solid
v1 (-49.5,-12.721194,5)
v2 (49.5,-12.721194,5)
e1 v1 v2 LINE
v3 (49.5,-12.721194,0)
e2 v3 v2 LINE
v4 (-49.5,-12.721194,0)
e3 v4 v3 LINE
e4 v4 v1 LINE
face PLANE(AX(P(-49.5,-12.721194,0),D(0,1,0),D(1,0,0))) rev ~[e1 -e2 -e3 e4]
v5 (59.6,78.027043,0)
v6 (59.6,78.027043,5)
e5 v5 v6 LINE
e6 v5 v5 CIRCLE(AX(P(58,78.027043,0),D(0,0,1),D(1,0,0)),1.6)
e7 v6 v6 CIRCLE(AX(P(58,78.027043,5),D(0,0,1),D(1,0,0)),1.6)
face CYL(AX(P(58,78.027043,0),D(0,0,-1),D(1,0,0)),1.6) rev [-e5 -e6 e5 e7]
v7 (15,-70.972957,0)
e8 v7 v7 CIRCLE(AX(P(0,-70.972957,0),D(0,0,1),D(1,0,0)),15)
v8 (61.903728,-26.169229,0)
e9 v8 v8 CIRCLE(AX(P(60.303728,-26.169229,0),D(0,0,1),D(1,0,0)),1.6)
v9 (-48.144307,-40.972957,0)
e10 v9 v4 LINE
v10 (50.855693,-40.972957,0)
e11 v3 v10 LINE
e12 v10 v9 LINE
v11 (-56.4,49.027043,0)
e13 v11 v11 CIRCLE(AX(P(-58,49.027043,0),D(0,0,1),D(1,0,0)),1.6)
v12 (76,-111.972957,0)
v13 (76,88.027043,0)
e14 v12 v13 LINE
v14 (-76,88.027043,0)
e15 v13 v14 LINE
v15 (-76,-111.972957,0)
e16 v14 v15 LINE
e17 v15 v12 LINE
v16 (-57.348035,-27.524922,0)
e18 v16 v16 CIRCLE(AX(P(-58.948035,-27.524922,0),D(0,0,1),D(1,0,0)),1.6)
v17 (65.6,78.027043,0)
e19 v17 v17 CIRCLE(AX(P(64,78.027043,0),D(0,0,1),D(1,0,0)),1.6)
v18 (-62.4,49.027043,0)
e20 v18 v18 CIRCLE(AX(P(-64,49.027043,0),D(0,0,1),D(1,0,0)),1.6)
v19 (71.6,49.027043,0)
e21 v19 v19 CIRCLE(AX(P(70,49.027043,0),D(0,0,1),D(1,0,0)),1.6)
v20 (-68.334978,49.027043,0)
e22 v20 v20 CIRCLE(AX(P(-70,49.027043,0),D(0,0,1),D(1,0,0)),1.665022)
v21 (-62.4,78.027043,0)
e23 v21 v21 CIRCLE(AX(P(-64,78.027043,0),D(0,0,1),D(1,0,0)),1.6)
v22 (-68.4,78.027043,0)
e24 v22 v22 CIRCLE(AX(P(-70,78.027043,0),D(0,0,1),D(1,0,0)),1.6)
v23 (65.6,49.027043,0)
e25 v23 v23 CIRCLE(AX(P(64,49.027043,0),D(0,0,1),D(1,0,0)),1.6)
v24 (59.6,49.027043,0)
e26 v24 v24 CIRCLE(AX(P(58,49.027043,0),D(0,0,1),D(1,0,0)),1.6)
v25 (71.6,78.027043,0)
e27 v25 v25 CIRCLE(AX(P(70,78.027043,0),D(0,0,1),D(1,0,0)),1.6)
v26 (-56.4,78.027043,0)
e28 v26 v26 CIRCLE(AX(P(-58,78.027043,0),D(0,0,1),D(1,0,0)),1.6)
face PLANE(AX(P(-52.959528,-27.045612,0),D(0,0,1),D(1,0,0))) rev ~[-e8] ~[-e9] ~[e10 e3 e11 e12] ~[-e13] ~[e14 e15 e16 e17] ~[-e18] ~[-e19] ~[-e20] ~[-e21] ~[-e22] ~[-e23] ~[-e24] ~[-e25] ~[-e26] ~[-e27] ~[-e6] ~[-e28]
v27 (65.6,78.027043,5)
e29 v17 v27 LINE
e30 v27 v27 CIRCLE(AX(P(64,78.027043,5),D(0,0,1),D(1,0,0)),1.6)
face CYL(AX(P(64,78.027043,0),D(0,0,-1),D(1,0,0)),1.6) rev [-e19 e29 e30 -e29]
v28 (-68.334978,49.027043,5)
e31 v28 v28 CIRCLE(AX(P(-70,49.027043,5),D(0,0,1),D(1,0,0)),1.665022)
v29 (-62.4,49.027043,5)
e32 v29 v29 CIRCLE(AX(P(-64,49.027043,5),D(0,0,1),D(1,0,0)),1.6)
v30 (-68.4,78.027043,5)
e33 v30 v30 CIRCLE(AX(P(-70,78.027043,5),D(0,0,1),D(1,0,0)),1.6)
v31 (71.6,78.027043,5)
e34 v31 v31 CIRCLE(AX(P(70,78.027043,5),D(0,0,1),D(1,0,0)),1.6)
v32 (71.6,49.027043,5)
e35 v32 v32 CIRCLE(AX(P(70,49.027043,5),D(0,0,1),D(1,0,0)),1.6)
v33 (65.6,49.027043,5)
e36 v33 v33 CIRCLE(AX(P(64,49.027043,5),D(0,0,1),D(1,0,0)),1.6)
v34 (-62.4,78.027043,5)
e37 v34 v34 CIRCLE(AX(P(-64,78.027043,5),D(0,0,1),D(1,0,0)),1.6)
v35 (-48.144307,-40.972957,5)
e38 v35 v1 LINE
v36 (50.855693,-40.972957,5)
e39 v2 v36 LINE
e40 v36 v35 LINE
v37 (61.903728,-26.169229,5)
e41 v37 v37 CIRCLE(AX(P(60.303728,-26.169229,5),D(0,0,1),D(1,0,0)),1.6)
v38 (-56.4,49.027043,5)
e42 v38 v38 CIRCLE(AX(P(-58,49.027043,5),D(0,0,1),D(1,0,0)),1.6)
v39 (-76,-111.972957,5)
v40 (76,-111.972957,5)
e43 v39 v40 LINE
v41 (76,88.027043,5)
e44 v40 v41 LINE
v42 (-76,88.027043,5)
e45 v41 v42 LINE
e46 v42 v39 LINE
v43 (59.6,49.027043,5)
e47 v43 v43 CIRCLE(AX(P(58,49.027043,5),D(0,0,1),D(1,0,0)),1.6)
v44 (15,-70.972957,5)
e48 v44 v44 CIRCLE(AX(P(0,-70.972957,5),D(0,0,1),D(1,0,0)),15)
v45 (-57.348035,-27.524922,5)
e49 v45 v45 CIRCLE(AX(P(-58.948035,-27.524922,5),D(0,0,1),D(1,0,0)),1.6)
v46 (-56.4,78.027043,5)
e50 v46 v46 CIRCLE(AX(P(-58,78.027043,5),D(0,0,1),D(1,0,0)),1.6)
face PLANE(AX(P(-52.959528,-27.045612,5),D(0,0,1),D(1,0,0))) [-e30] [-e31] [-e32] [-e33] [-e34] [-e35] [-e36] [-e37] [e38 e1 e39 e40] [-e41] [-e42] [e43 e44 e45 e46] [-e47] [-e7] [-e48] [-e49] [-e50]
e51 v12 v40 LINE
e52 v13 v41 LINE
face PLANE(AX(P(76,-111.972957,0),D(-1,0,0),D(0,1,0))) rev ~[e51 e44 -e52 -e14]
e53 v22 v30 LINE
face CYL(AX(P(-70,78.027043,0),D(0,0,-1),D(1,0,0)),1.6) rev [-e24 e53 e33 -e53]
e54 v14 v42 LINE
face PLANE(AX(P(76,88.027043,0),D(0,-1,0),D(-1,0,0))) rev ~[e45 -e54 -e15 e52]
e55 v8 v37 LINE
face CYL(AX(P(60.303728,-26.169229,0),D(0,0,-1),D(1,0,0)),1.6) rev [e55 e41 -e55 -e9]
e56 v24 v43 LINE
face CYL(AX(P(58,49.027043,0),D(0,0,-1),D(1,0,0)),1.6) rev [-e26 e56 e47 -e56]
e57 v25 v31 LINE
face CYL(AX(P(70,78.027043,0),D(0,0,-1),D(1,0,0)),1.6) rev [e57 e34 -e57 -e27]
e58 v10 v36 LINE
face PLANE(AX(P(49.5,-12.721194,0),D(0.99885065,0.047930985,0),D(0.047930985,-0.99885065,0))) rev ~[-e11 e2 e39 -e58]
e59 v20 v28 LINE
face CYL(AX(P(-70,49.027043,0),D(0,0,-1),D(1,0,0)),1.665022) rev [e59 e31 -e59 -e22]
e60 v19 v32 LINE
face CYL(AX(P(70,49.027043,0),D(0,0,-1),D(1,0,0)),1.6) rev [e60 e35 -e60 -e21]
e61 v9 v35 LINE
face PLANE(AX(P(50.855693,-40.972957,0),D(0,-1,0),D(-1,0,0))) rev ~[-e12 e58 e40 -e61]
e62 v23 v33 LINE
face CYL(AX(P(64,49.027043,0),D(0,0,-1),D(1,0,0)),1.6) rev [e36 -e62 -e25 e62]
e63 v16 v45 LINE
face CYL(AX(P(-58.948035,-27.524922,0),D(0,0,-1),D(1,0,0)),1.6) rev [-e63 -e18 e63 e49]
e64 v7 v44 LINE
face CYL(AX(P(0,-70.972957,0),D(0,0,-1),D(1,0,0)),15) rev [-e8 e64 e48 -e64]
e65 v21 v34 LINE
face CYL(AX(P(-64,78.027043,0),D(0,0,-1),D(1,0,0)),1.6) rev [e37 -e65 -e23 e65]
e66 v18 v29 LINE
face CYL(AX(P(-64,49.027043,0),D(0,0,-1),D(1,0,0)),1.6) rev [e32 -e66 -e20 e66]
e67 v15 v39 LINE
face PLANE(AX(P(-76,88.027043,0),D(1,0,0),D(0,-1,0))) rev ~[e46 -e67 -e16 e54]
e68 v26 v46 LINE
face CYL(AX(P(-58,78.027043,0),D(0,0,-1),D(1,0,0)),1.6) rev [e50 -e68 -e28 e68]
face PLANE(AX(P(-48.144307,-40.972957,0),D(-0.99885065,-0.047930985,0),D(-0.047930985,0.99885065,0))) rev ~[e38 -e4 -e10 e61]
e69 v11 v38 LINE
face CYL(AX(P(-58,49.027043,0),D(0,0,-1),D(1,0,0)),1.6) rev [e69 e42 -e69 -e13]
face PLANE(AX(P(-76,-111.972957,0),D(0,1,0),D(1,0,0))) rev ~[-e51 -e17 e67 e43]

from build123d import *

# Parameters (mm, degrees)
F0_R     = 15
F0_R_2   = 1.665022
F0_R_3   = 1.6
F1_DEPTH = 5
F2_DEPTH = 5


with BuildPart() as f1:
    # F0 (on Top) → F1 (new body)
    with BuildSketch(Plane.XY):
        Polygon((0, 88.027043), (-76, 88.027043), (-76, -111.972957), (76, -111.972957), (76, 88.027043), align=None)
        with Locations((0, -70.972957)):
            Circle(F0_R, mode=Mode.SUBTRACT)
        Polygon((-62.948035, -27.524922), (-49.5, -12.721194), (49.5, -12.721194), (64.303728, -26.169229), (50.855693, -40.972957), (-48.144307, -40.972957), align=None, mode=Mode.SUBTRACT)
        with Locations((-70, 49.027043)):
            Circle(F0_R_2, mode=Mode.SUBTRACT)
        with Locations((-64, 49.027043)):
            Circle(F0_R_3, mode=Mode.SUBTRACT)
        with Locations((-58, 49.027043)):
            Circle(F0_R_3, mode=Mode.SUBTRACT)
        with Locations((-70, 78.027043)):
            Circle(F0_R_3, mode=Mode.SUBTRACT)
        with Locations((-64, 78.027043)):
            Circle(F0_R_3, mode=Mode.SUBTRACT)
        with Locations((-58, 78.027043)):
            Circle(F0_R_3, mode=Mode.SUBTRACT)
        with Locations((58, 49.027043)):
            Circle(F0_R_3, mode=Mode.SUBTRACT)
        with Locations((64, 49.027043)):
            Circle(F0_R_3, mode=Mode.SUBTRACT)
        with Locations((70, 49.027043)):
            Circle(F0_R_3, mode=Mode.SUBTRACT)
        with Locations((58, 78.027043)):
            Circle(F0_R_3, mode=Mode.SUBTRACT)
        with Locations((64, 78.027043)):
            Circle(F0_R_3, mode=Mode.SUBTRACT)
        with Locations((70, 78.027043)):
            Circle(F0_R_3, mode=Mode.SUBTRACT)
    extrude(amount=F1_DEPTH)

    # F0 (on Top) → F2 (join)
    with BuildSketch(Plane.XY):
        Polygon((-48.144307, -40.972957), (-49.5, -12.721194), (-62.948035, -27.524922), align=None)
        with Locations((-58.948035, -27.524922)):
            Circle(F0_R_3, mode=Mode.SUBTRACT)
        Polygon((64.303728, -26.169229), (49.5, -12.721194), (50.855693, -40.972957), align=None)
        with Locations((60.303728, -26.169229)):
            Circle(F0_R_3, mode=Mode.SUBTRACT)
    extrude(amount=F2_DEPTH)


solid = f1.part
